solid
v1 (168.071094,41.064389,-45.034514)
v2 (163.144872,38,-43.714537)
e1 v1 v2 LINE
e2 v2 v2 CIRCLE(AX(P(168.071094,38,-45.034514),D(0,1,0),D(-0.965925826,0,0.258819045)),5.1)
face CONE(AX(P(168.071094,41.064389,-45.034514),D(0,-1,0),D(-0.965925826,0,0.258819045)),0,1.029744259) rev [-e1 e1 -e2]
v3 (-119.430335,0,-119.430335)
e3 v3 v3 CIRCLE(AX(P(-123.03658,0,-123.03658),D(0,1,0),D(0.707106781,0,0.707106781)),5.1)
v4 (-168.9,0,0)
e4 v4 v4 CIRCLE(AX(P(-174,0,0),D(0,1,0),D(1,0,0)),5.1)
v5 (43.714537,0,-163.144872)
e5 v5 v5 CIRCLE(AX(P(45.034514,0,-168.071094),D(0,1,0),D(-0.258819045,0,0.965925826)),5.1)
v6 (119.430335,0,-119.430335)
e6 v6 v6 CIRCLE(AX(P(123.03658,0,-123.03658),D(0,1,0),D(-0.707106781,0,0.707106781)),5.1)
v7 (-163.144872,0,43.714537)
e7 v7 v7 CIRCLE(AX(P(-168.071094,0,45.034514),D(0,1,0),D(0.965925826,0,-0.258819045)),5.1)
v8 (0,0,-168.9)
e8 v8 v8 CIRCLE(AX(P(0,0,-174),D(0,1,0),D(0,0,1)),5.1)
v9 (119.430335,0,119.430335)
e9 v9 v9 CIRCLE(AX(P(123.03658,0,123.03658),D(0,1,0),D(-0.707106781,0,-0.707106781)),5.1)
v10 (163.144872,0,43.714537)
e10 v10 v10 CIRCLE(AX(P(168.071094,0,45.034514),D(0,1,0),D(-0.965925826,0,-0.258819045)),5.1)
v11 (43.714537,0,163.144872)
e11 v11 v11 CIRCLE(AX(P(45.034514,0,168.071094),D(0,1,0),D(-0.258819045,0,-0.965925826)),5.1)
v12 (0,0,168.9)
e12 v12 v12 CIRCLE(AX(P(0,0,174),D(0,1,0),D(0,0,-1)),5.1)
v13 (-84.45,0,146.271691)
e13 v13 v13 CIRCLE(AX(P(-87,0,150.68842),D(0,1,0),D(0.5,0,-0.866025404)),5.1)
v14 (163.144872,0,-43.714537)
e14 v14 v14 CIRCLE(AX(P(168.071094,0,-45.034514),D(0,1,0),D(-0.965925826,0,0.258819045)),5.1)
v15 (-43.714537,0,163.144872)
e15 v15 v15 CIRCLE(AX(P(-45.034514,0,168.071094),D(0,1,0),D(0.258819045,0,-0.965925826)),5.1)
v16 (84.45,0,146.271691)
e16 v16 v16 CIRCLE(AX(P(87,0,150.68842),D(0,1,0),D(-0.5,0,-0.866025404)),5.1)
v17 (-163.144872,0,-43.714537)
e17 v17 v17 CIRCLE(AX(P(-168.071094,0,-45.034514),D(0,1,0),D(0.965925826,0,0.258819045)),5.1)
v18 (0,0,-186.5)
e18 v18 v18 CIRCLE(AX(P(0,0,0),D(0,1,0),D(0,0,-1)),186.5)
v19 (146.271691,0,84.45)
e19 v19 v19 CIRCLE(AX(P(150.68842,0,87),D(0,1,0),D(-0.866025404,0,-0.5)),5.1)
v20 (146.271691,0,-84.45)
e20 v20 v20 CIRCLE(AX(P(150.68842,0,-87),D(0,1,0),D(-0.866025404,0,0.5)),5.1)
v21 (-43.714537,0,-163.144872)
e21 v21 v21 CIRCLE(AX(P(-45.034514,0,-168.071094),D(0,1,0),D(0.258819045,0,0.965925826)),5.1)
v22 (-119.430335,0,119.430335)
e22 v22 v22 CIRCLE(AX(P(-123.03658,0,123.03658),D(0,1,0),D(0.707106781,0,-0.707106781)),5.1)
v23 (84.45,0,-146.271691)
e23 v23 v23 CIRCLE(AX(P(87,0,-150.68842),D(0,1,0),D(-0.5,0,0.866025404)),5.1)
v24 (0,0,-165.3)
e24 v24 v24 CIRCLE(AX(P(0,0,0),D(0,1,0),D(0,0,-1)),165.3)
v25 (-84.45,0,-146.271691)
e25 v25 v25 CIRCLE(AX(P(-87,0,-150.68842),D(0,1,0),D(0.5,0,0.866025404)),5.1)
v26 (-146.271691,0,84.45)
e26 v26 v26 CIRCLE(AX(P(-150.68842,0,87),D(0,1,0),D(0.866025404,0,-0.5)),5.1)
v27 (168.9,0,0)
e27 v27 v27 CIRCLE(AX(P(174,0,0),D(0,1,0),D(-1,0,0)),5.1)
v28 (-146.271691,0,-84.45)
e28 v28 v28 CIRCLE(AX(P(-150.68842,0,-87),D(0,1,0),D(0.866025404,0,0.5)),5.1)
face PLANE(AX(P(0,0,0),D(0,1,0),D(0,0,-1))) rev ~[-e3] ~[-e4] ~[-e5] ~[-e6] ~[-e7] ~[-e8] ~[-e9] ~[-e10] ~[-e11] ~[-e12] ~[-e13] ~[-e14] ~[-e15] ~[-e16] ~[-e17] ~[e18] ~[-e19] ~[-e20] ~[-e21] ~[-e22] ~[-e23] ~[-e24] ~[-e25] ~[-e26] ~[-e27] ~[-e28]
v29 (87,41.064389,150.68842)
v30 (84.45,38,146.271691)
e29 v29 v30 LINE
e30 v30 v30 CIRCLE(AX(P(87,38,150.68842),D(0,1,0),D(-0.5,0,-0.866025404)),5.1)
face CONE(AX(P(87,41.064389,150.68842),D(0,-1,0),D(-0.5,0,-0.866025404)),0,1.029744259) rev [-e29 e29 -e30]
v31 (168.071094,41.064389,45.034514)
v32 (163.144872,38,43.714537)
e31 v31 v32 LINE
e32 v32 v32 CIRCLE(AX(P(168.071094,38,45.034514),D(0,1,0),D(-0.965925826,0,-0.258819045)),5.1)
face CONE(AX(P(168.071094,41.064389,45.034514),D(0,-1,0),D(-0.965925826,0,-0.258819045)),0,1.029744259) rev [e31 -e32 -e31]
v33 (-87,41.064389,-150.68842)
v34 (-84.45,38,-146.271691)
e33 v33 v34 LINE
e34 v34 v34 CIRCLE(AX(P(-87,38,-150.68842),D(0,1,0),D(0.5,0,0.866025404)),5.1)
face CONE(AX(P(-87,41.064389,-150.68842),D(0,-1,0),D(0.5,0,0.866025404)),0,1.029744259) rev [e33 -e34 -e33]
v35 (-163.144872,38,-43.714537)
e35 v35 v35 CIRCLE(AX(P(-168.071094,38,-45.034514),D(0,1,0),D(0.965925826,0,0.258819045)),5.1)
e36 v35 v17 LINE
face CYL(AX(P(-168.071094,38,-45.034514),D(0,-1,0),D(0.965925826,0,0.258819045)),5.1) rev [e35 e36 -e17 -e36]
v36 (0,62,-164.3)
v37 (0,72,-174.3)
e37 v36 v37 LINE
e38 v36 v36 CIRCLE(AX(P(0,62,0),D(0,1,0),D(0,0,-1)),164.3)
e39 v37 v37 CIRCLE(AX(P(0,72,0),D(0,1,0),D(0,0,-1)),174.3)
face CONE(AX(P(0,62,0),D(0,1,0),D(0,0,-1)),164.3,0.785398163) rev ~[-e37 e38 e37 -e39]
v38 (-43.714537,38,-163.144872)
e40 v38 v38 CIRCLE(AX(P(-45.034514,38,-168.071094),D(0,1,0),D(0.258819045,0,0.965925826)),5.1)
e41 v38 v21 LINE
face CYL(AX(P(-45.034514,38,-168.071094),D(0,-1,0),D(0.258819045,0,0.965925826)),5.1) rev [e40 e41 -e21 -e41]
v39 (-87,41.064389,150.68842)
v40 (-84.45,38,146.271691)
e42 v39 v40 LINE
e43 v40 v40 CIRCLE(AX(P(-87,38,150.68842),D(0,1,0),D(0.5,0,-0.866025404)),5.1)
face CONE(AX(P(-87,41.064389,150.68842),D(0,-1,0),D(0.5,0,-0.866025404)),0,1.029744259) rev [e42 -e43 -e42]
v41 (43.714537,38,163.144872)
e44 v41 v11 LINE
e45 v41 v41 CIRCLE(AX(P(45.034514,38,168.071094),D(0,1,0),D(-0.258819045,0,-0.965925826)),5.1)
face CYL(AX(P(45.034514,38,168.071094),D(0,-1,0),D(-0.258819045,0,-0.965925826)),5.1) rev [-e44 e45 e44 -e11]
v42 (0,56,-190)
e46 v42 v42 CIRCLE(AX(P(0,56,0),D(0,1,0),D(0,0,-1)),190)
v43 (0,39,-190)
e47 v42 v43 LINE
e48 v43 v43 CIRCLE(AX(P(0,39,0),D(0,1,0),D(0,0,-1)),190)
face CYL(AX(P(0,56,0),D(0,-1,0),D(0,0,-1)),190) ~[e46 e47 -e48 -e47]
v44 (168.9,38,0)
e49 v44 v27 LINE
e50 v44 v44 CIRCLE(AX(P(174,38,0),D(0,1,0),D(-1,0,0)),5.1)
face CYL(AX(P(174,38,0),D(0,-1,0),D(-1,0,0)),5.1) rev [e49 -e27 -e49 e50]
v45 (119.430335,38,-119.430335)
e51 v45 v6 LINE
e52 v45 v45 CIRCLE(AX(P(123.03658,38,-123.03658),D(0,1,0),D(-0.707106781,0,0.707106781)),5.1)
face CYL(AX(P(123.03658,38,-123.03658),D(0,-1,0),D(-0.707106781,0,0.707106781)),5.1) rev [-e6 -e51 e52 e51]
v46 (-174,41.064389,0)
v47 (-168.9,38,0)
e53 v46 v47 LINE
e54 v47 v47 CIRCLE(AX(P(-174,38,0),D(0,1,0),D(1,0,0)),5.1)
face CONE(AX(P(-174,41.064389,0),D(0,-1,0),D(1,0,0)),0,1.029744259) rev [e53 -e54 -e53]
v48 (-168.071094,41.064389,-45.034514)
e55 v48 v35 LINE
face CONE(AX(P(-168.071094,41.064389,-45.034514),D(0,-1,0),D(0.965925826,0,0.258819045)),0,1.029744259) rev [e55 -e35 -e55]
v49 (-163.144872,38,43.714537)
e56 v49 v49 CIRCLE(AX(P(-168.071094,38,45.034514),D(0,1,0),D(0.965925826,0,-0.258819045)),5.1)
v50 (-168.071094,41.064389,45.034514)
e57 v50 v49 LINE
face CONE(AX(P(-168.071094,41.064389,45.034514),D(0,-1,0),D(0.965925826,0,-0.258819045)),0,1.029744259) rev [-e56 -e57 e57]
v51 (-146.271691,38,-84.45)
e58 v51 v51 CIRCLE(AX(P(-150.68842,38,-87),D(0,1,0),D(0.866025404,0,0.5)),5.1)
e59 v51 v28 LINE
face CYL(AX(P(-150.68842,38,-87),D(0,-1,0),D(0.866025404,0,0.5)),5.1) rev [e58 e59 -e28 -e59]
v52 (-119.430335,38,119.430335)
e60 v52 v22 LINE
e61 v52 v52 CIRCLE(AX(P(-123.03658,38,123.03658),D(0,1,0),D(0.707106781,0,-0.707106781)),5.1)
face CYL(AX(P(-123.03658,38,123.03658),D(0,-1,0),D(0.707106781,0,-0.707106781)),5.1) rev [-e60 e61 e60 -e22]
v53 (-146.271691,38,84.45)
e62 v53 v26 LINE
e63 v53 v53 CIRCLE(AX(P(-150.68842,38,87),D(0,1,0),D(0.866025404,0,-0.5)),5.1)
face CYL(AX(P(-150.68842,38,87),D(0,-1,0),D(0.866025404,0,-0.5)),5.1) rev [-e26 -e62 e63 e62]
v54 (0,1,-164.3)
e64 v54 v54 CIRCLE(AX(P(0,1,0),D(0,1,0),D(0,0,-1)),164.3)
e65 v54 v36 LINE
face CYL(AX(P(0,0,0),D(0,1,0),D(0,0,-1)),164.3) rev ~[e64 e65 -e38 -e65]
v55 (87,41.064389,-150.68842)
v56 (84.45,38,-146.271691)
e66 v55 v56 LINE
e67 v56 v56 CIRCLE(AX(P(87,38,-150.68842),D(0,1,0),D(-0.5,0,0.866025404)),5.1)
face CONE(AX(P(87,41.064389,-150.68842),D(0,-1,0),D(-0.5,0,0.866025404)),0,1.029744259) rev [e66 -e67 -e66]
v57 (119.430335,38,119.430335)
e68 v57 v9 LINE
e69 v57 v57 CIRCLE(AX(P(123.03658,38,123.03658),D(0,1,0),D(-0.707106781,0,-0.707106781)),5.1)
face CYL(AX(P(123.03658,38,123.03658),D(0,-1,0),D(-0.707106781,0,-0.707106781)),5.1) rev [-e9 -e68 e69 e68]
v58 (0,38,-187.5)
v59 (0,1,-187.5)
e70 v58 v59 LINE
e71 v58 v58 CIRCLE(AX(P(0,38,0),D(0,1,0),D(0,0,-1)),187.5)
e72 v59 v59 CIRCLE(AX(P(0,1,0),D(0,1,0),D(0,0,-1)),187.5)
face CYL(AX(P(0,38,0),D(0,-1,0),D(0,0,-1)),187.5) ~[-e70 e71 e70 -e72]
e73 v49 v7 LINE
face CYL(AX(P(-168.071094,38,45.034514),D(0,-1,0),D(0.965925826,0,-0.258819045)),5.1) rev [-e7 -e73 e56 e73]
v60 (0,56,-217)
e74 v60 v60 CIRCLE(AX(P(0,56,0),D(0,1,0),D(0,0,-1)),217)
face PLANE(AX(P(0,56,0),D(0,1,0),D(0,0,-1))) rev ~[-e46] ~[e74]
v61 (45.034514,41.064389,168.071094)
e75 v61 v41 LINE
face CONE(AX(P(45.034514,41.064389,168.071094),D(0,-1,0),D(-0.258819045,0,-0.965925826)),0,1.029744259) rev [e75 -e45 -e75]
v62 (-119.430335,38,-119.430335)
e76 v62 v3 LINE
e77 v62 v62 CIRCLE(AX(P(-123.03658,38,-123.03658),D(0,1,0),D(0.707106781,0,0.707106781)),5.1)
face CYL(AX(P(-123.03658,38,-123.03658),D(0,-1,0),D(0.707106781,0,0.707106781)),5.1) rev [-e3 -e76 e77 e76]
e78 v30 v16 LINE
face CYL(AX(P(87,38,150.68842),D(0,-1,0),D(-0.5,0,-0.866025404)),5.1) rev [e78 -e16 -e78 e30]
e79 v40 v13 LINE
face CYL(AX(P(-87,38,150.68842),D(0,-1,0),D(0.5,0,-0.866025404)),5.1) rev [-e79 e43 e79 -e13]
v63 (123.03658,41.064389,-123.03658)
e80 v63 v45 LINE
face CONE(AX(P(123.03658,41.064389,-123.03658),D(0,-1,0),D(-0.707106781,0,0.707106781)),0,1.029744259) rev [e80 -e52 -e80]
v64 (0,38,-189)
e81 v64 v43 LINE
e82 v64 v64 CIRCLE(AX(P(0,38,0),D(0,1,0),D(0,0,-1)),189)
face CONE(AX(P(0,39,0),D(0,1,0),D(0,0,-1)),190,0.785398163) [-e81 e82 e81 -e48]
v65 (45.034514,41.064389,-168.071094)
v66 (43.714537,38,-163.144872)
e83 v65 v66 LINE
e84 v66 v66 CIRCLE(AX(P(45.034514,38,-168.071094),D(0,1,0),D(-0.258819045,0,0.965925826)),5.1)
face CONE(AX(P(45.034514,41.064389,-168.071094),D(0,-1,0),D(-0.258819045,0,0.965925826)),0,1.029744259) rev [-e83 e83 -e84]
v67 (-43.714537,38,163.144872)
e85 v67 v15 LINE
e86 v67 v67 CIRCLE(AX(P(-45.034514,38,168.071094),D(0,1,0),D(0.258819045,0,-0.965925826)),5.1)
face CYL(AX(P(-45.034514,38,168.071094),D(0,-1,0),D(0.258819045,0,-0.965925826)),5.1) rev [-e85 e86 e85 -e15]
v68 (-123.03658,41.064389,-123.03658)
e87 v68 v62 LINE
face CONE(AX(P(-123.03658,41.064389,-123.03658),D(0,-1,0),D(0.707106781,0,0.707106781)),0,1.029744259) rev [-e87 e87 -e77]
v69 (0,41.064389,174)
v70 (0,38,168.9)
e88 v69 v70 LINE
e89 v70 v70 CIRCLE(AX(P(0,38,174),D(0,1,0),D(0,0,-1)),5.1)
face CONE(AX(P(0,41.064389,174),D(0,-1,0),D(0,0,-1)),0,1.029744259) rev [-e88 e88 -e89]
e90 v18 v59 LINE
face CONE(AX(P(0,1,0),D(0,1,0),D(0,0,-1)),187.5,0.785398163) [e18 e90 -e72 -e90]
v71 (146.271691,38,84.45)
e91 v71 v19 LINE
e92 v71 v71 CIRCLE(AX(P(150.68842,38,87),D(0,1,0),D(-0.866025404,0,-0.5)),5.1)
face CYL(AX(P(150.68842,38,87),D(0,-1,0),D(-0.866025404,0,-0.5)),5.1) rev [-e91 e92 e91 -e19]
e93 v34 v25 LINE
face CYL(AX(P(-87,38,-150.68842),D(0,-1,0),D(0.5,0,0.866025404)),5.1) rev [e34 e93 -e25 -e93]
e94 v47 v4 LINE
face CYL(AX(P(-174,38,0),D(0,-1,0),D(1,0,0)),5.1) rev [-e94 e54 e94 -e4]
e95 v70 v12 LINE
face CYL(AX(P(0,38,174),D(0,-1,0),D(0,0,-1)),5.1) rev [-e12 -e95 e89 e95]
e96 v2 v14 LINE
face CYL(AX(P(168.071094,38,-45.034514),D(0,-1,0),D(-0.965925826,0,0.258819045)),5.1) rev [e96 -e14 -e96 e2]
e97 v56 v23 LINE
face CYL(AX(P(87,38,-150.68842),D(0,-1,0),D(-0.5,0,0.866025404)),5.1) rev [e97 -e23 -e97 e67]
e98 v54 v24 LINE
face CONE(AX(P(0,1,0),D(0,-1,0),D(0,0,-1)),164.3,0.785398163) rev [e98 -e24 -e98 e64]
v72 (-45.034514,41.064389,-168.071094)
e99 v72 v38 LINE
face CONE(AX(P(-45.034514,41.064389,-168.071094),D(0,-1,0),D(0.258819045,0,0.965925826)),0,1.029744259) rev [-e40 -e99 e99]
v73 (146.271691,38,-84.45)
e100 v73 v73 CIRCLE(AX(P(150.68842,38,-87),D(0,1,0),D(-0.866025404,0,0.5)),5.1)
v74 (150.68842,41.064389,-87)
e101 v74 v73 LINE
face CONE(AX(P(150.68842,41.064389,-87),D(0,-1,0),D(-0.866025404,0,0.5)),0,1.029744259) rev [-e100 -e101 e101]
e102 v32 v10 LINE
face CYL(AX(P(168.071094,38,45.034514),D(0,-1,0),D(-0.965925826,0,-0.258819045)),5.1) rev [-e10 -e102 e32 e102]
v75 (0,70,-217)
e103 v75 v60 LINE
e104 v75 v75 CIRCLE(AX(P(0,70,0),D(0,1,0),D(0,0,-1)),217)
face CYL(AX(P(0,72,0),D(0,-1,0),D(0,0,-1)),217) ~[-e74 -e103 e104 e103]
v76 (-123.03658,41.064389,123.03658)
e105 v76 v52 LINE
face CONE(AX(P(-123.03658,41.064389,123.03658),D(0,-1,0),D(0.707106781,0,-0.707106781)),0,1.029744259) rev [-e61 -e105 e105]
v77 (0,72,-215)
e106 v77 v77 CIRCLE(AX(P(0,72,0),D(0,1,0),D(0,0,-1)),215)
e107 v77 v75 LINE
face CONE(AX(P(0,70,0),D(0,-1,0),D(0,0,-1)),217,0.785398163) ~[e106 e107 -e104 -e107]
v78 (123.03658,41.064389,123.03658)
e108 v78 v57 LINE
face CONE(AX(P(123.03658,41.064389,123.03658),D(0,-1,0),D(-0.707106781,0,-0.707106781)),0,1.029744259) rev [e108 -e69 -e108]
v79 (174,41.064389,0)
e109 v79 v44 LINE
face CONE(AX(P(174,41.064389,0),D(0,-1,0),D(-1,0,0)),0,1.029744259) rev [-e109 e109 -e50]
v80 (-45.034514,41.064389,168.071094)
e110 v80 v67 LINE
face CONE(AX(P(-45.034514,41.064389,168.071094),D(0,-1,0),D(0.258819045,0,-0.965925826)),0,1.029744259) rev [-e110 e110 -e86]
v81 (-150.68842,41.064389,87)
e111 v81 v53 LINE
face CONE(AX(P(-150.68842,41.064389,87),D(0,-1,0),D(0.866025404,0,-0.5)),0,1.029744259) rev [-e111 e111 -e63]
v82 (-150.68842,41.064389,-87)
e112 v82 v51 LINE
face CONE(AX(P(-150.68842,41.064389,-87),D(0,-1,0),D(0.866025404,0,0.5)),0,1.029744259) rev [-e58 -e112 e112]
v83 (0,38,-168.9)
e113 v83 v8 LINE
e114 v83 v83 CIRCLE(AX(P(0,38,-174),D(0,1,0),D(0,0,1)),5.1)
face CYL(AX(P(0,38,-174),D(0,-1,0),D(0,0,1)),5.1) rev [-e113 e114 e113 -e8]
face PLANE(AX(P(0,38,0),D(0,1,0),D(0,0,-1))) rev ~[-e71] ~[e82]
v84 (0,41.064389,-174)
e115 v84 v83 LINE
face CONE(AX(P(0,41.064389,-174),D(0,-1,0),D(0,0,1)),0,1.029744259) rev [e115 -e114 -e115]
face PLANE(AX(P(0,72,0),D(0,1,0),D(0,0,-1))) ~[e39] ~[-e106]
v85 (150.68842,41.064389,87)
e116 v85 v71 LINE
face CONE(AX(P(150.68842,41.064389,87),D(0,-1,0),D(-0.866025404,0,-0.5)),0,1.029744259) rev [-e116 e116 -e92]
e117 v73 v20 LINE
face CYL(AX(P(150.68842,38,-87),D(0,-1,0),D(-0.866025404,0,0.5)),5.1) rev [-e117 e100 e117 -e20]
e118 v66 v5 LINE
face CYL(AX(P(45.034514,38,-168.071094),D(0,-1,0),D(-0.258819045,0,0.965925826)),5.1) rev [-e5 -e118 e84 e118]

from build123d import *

# Parameters (mm, degrees)
CHAMFER1_SIZE     = 10
CIRPATTERN1_COUNT = 24
CHAMFER2_SIZE     = 1
CHAMFER3_SIZE     = 2


with BuildPart() as part:
    # Sketch1 → Revolve1 (revolve)
    with BuildSketch(Plane.XY):
        Polygon((-187.5, 0), (-164.3, 0), (-164.3, 72), (-217, 72), (-217, 56), (-190, 56), (-190, 38), (-187.5, 38), align=None)
    revolve(axis=Axis((0, 0, 0), (0, 1, 0)))

    # Chamfer1
    chamfer1_edges = [part.edges().sort_by_distance(p)[0] for p in [
        (164.3, 72, 0),
    ]]
    chamfer(chamfer1_edges, length=CHAMFER1_SIZE)

    # Sketch4 → M12x1.75 Tapped Hole1 (revolve, cut)
    with BuildSketch(Plane(origin=(0, 0, 174), x_dir=(0, 0, -1), z_dir=(1, 0, 0))):
        Polygon((0, 0), (0, 41.064389157), (5.1, 38), (5.1, 0), align=None)
    m12x1_75_tapped_hole1 = revolve(axis=Axis((0, -6.35, 174), (0, 1, 0)), mode=Mode.SUBTRACT)

    # CirPattern1: M12x1.75 Tapped Hole1 ×24 about axis
    cirpattern1_axis = Axis((0, 0, 0), (0, -1, 0))
    for i in range(1, CIRPATTERN1_COUNT):
        add(m12x1_75_tapped_hole1.rotate(cirpattern1_axis, i * 360 / CIRPATTERN1_COUNT), mode=Mode.SUBTRACT)

    # Chamfer2
    chamfer2_edges = [part.edges().sort_by_distance(p)[0] for p in [
        (190, 38, 0),
        (187.5, 0, 0),
        (164.3, 0, 0),
    ]]
    chamfer(chamfer2_edges, length=CHAMFER2_SIZE)

    # Chamfer3
    chamfer3_edges = [part.edges().sort_by_distance(p)[0] for p in [
        (217, 72, 0),
    ]]
    chamfer(chamfer3_edges, length=CHAMFER3_SIZE)


solid = part.part
